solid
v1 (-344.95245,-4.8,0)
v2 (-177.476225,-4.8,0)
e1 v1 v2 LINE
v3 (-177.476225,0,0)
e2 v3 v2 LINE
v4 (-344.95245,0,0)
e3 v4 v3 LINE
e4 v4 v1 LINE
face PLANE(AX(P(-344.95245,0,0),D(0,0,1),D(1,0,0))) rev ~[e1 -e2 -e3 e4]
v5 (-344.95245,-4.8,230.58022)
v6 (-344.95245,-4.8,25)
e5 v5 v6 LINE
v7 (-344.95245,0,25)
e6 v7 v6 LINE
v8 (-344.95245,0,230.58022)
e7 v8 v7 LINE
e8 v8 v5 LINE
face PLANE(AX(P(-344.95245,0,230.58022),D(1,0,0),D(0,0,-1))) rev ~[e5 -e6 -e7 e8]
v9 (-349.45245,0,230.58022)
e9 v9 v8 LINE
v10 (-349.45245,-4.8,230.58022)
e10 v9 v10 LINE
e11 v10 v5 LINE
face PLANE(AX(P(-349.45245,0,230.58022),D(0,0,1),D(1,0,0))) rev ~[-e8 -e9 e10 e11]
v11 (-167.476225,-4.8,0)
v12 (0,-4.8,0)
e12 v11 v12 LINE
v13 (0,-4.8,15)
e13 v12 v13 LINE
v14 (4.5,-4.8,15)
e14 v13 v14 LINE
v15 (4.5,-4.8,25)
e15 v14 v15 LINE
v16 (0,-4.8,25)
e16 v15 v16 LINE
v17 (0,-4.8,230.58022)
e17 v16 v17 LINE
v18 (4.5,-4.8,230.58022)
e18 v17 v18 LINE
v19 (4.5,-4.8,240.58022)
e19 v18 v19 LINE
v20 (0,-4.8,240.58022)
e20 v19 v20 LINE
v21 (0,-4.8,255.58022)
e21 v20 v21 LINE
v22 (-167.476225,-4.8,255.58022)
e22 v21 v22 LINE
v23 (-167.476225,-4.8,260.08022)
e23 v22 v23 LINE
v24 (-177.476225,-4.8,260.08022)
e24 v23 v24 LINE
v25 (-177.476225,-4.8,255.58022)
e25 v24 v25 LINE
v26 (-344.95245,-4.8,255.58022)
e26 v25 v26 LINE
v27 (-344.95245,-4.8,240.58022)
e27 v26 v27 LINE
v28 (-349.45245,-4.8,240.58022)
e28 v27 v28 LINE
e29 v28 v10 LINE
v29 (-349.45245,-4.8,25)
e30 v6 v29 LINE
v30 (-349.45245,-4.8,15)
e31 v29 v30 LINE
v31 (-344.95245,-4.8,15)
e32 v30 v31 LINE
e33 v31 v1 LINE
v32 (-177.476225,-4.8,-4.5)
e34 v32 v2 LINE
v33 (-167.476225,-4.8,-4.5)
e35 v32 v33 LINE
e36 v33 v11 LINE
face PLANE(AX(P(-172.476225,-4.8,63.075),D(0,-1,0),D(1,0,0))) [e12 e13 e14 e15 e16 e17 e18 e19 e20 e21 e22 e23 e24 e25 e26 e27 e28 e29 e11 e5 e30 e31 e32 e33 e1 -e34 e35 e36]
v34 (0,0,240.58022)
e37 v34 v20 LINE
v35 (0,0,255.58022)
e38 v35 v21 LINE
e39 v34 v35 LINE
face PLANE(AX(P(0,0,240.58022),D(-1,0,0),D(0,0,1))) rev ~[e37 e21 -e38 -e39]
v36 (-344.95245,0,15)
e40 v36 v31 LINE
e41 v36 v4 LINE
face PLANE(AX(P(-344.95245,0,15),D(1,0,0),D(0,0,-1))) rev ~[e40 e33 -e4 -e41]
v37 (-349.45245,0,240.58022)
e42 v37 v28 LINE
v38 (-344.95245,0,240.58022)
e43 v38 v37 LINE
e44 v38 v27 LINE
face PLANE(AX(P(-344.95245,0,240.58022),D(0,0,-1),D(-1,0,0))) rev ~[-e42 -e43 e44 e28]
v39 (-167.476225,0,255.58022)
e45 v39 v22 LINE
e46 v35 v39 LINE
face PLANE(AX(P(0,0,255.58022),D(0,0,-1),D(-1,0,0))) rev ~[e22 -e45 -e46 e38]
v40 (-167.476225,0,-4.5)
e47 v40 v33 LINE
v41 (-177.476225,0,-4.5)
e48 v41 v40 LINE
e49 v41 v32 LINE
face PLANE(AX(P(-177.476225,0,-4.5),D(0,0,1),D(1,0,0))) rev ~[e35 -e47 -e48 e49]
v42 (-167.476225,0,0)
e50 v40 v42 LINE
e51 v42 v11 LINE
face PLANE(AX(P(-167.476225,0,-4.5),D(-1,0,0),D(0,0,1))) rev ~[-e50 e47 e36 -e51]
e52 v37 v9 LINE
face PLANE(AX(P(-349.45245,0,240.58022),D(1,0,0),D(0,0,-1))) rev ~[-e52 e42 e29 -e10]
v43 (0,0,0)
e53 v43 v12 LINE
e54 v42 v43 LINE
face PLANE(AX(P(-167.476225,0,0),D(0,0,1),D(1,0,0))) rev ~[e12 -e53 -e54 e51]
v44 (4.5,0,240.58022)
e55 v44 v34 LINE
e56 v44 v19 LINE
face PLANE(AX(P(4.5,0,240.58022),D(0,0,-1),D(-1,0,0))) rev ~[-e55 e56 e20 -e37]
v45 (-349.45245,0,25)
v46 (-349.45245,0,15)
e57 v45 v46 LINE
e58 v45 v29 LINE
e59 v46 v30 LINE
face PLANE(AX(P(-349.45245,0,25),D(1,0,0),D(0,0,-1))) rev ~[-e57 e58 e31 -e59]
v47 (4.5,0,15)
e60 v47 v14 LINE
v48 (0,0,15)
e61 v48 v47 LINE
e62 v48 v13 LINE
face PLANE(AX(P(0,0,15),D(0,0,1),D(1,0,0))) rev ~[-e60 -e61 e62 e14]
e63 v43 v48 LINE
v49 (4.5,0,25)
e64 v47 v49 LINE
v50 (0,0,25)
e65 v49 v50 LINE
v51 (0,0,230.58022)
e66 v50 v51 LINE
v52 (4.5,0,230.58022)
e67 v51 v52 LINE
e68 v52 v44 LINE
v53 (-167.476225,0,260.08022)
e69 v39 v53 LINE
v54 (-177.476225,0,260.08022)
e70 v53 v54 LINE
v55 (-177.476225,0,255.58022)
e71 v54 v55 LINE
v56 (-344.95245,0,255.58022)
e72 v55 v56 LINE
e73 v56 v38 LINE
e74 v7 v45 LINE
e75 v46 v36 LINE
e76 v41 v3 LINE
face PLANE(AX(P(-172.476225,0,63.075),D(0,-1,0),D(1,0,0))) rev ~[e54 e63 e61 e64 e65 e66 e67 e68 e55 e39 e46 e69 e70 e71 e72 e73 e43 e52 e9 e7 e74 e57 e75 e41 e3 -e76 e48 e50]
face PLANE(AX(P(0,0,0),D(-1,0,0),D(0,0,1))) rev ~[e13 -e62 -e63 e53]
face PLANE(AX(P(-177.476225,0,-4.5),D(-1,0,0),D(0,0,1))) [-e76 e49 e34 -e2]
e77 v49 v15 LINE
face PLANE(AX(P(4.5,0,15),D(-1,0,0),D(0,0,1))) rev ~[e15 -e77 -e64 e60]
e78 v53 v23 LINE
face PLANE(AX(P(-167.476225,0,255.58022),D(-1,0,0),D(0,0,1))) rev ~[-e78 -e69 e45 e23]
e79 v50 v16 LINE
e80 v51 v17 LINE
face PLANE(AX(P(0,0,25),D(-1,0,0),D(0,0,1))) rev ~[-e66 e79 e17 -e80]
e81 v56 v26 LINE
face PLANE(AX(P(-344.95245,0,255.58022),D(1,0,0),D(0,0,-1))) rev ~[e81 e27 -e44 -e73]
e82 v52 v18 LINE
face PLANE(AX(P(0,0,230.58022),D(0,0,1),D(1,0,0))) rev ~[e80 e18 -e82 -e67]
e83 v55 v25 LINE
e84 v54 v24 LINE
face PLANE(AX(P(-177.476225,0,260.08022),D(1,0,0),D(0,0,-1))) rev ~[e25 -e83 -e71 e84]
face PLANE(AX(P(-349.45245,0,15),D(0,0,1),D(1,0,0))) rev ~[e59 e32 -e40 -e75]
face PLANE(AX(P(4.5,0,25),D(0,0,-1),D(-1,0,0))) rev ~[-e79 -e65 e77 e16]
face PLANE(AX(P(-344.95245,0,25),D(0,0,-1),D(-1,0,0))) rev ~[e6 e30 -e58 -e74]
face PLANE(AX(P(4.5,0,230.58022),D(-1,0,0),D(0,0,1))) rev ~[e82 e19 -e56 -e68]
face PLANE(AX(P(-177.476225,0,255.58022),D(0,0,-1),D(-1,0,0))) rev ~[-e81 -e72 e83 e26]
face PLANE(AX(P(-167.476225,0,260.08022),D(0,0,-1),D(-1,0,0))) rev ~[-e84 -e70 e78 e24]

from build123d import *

# Parameters (mm, degrees)
F0_W     = 5
F0_H     = 4.5
F1_DEPTH = 4.8


with BuildPart() as f1:
    # F0 (on Front) → F1 (new body)
    with BuildSketch(Plane.XZ):
        Polygon((-167.476225, 0), (0, 0), (0, 15), (4.5, 15), (4.5, 25), (0, 25), (0, 127.79011), (-344.95245, 127.79011), (-344.95245, 25), (-349.45245, 25), (-349.45245, 15), (-344.95245, 15), (-344.95245, 0), (-177.476225, 0), (-172.476225, 0), align=None)
        with Locations((-169.976225, -2.25)):
            Rectangle(F0_W, F0_H)
        with Locations((-174.976225, -2.25)):
            Rectangle(F0_W, F0_H)
        Polygon((-344.95245, 127.79011), (0, 127.79011), (0, 230.58022), (4.5, 230.58022), (4.5, 240.58022), (0, 240.58022), (0, 255.58022), (-167.476225, 255.58022), (-177.476225, 255.58022), (-344.95245, 255.58022), (-344.95245, 240.58022), (-349.45245, 240.58022), (-349.45245, 230.58022), (-344.95245, 230.58022), align=None)
        Polygon((-177.476225, 255.58022), (-167.476225, 255.58022), (-167.476225, 260.08022), (-172.476225, 260.08022), (-177.476225, 260.08022), align=None)
    extrude(amount=F1_DEPTH)


solid = f1.part
